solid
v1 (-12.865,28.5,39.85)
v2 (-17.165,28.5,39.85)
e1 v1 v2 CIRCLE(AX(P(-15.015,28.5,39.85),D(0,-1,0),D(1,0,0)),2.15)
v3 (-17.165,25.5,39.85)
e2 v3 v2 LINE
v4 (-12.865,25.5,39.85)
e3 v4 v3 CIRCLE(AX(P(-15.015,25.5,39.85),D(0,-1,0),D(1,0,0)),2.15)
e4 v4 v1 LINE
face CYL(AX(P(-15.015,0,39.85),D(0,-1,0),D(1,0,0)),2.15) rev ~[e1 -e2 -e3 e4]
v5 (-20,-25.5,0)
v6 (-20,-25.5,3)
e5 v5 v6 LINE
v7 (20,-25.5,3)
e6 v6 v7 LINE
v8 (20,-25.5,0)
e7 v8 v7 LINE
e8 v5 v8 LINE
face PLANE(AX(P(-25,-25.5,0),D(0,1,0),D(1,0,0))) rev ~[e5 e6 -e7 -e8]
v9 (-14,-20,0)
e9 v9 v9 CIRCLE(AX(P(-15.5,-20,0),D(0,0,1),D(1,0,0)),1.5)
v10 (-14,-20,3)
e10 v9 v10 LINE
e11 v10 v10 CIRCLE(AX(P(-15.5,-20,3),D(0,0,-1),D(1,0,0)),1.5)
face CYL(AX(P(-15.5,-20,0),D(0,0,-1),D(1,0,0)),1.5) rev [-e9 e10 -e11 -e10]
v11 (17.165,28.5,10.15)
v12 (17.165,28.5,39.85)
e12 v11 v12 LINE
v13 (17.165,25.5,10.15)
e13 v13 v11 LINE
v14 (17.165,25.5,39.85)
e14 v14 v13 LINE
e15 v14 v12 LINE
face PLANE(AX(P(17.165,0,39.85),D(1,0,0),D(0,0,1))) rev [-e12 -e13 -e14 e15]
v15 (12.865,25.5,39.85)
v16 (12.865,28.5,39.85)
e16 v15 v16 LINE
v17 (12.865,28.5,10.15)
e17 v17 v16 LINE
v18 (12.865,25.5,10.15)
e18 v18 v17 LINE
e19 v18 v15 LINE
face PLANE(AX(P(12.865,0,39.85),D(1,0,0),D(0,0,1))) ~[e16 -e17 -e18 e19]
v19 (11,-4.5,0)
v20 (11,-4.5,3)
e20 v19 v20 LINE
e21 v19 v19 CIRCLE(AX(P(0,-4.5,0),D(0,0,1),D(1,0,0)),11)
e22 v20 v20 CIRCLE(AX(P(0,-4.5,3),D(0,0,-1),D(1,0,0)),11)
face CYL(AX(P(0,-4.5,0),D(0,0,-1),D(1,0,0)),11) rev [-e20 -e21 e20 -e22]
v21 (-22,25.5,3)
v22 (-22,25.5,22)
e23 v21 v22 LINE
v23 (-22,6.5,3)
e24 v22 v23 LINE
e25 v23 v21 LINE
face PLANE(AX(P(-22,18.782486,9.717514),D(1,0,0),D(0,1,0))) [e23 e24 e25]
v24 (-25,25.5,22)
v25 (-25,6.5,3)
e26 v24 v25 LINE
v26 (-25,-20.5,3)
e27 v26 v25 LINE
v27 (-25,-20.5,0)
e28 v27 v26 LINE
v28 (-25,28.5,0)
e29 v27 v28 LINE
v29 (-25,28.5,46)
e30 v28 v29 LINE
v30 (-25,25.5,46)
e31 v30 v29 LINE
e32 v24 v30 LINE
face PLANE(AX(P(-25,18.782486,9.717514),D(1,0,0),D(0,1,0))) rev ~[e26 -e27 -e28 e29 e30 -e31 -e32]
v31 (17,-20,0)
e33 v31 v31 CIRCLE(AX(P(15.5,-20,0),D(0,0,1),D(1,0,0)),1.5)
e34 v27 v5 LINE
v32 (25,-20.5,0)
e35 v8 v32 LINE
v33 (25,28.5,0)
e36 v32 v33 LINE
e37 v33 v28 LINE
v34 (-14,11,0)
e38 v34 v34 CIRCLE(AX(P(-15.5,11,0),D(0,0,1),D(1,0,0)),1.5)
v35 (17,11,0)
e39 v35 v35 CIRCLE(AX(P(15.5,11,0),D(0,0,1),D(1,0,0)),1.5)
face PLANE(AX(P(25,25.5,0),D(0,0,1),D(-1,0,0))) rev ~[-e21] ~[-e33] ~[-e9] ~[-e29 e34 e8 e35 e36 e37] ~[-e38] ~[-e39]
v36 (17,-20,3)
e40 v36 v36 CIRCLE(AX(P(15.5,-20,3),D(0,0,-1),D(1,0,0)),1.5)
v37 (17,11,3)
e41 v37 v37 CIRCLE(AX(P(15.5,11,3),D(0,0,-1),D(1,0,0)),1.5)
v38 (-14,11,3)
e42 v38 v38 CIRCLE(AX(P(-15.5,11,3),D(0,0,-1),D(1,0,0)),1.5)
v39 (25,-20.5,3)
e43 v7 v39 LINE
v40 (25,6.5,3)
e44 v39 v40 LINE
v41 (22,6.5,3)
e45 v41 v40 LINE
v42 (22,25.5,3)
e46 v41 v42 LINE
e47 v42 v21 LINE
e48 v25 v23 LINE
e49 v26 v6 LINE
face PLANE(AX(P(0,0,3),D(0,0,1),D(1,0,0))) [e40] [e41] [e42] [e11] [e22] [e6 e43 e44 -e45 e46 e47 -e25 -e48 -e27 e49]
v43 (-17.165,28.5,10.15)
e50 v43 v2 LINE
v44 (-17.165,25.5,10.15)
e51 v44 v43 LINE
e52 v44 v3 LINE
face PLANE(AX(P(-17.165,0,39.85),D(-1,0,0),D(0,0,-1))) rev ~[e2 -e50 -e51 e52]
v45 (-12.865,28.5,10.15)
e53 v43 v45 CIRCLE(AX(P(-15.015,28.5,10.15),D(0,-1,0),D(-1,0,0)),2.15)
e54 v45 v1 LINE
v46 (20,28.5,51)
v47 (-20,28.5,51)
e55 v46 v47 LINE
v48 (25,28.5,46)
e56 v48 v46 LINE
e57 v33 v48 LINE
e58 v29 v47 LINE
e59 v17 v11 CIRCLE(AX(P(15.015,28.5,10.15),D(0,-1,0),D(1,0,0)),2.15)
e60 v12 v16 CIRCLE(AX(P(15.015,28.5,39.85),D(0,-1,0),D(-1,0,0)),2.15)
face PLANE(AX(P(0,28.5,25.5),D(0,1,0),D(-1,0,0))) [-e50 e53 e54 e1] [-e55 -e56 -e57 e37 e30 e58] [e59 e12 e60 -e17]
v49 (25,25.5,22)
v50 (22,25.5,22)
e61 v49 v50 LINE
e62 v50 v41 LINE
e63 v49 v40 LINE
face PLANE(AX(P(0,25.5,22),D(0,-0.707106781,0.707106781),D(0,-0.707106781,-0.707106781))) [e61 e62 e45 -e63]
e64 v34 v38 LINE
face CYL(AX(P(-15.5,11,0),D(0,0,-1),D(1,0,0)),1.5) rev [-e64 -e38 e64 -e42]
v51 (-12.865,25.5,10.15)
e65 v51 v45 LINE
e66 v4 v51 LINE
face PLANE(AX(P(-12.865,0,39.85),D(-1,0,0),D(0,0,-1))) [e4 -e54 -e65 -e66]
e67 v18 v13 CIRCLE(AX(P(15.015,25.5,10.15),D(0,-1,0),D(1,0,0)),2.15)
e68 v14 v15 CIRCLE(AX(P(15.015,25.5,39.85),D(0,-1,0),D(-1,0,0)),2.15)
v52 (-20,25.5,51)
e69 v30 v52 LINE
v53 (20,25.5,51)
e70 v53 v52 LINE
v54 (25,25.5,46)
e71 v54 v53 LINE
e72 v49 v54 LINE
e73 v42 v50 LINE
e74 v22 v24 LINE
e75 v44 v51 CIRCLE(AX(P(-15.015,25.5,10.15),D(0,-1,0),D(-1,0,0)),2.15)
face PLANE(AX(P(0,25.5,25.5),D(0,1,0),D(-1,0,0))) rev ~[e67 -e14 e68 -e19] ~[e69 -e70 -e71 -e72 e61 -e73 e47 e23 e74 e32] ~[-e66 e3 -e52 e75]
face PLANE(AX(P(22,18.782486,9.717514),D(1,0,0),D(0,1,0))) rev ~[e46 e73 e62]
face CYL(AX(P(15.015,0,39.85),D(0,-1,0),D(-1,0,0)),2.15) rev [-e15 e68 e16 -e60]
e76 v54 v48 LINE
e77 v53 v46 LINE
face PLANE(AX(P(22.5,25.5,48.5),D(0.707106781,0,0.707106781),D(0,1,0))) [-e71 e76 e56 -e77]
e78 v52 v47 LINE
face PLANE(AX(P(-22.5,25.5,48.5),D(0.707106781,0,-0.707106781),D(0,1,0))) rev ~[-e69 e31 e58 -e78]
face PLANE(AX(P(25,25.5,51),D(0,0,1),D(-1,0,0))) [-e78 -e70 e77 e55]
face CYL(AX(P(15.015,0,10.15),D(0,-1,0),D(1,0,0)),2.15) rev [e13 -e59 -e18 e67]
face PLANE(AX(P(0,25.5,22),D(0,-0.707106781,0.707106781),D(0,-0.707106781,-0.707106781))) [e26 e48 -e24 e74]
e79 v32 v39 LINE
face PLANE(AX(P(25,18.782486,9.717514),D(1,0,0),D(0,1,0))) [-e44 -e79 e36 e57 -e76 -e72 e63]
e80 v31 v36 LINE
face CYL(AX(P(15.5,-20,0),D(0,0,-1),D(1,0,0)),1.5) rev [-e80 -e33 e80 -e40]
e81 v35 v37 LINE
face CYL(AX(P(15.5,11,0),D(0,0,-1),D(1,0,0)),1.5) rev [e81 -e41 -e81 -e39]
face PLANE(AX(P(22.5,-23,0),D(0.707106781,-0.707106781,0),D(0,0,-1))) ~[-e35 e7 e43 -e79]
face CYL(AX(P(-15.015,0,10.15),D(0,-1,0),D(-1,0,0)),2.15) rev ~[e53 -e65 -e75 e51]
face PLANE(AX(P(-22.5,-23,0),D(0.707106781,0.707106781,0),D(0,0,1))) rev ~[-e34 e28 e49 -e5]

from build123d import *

# Parameters (mm, degrees)
SKETCH_W             = 50
SKETCH_H             = 51
PAD_DEPTH            = 3
CHAMFER_SIZE         = 5
SKETCH001_W          = 50
SKETCH001_H          = 51
PAD001_DEPTH         = 3
CHAMFER001_SIZE      = 5
POCKET_DEPTH         = 207.576403
SKETCH003_R          = 1.5
SKETCH003_R_2        = 11
POCKET001_DEPTH      = 0.001
POCKET001_DEPTH_BACK = -51.001
PAD002_DEPTH         = 25
POCKET002_DEPTH      = 22


with BuildPart() as part:
    # Sketch → Pad (new body)
    with BuildSketch(Plane.XY):
        Rectangle(SKETCH_W, SKETCH_H)
    extrude(amount=PAD_DEPTH)

    # Chamfer
    chamfer_edges = [part.edges().sort_by_distance(p)[0] for p in [
        (25, -25.5, 1.5),
        (-25, -25.5, 1.5),
    ]]
    chamfer(chamfer_edges, length=CHAMFER_SIZE)

    # Sketch001 (on Face4 of Chamfer) → Pad001 (join)
    with BuildSketch(Plane(origin=(0, 25.5, 0), x_dir=(-1, 0, 0), z_dir=(0, 1, 0))):
        with Locations((0, 25.5)):
            Rectangle(SKETCH001_W, SKETCH001_H)
    extrude(amount=PAD001_DEPTH)

    # Chamfer001
    chamfer001_edges = [part.edges().sort_by_distance(p)[0] for p in [
        (-25, 27, 51),
        (25, 27, 51),
    ]]
    chamfer(chamfer001_edges, length=CHAMFER001_SIZE)

    # Sketch002 → Pocket (cut, through all)
    with BuildSketch(Plane.XZ):
        with BuildLine():
            ThreePointArc((-12.865, 39.85), (-15.015, 42), (-17.165, 39.85))
            Line((-17.165, 39.85), (-17.165, 10.15))
            ThreePointArc((-17.165, 10.15), (-15.015, 8), (-12.865, 10.15))
            Line((-12.865, 39.85), (-12.865, 10.15))
        make_face()
    pocket = extrude(amount=-POCKET_DEPTH, mode=Mode.SUBTRACT)

    # Mirrored: Pocket across Sketch002 V_Axis
    add(pocket.mirror(Plane(origin=(0, 0, 0), x_dir=(0, -1, 0), z_dir=(1, 0, 0))), mode=Mode.SUBTRACT)

    # Sketch003 → Pocket001 (cut, two sides)
    with BuildSketch(Plane.XY) as pocket001_sk:
        with Locations((-15.5, 11)):
            Circle(SKETCH003_R)
        with Locations((15.5, 11)):
            Circle(SKETCH003_R)
        with Locations((15.5, -20)):
            Circle(SKETCH003_R)
        with Locations((-15.5, -20)):
            Circle(SKETCH003_R)
        with Locations((0, -4.5)):
            Circle(SKETCH003_R_2)
    extrude(amount=-POCKET001_DEPTH, mode=Mode.SUBTRACT)
    extrude(pocket001_sk.sketch, amount=-POCKET001_DEPTH_BACK, mode=Mode.SUBTRACT)

    # Sketch004 → Pad002 (join, symmetric)
    with BuildSketch(Plane.YZ):
        Polygon((25.5, 22), (6.5, 3), (25.5, 3), align=None)
    extrude(amount=PAD002_DEPTH, both=True)

    # Sketch004 → Pocket002 (cut, symmetric)
    with BuildSketch(Plane.YZ):
        Polygon((25.5, 22), (6.5, 3), (25.5, 3), align=None)
    extrude(amount=POCKET002_DEPTH, both=True, mode=Mode.SUBTRACT)


solid = part.part
